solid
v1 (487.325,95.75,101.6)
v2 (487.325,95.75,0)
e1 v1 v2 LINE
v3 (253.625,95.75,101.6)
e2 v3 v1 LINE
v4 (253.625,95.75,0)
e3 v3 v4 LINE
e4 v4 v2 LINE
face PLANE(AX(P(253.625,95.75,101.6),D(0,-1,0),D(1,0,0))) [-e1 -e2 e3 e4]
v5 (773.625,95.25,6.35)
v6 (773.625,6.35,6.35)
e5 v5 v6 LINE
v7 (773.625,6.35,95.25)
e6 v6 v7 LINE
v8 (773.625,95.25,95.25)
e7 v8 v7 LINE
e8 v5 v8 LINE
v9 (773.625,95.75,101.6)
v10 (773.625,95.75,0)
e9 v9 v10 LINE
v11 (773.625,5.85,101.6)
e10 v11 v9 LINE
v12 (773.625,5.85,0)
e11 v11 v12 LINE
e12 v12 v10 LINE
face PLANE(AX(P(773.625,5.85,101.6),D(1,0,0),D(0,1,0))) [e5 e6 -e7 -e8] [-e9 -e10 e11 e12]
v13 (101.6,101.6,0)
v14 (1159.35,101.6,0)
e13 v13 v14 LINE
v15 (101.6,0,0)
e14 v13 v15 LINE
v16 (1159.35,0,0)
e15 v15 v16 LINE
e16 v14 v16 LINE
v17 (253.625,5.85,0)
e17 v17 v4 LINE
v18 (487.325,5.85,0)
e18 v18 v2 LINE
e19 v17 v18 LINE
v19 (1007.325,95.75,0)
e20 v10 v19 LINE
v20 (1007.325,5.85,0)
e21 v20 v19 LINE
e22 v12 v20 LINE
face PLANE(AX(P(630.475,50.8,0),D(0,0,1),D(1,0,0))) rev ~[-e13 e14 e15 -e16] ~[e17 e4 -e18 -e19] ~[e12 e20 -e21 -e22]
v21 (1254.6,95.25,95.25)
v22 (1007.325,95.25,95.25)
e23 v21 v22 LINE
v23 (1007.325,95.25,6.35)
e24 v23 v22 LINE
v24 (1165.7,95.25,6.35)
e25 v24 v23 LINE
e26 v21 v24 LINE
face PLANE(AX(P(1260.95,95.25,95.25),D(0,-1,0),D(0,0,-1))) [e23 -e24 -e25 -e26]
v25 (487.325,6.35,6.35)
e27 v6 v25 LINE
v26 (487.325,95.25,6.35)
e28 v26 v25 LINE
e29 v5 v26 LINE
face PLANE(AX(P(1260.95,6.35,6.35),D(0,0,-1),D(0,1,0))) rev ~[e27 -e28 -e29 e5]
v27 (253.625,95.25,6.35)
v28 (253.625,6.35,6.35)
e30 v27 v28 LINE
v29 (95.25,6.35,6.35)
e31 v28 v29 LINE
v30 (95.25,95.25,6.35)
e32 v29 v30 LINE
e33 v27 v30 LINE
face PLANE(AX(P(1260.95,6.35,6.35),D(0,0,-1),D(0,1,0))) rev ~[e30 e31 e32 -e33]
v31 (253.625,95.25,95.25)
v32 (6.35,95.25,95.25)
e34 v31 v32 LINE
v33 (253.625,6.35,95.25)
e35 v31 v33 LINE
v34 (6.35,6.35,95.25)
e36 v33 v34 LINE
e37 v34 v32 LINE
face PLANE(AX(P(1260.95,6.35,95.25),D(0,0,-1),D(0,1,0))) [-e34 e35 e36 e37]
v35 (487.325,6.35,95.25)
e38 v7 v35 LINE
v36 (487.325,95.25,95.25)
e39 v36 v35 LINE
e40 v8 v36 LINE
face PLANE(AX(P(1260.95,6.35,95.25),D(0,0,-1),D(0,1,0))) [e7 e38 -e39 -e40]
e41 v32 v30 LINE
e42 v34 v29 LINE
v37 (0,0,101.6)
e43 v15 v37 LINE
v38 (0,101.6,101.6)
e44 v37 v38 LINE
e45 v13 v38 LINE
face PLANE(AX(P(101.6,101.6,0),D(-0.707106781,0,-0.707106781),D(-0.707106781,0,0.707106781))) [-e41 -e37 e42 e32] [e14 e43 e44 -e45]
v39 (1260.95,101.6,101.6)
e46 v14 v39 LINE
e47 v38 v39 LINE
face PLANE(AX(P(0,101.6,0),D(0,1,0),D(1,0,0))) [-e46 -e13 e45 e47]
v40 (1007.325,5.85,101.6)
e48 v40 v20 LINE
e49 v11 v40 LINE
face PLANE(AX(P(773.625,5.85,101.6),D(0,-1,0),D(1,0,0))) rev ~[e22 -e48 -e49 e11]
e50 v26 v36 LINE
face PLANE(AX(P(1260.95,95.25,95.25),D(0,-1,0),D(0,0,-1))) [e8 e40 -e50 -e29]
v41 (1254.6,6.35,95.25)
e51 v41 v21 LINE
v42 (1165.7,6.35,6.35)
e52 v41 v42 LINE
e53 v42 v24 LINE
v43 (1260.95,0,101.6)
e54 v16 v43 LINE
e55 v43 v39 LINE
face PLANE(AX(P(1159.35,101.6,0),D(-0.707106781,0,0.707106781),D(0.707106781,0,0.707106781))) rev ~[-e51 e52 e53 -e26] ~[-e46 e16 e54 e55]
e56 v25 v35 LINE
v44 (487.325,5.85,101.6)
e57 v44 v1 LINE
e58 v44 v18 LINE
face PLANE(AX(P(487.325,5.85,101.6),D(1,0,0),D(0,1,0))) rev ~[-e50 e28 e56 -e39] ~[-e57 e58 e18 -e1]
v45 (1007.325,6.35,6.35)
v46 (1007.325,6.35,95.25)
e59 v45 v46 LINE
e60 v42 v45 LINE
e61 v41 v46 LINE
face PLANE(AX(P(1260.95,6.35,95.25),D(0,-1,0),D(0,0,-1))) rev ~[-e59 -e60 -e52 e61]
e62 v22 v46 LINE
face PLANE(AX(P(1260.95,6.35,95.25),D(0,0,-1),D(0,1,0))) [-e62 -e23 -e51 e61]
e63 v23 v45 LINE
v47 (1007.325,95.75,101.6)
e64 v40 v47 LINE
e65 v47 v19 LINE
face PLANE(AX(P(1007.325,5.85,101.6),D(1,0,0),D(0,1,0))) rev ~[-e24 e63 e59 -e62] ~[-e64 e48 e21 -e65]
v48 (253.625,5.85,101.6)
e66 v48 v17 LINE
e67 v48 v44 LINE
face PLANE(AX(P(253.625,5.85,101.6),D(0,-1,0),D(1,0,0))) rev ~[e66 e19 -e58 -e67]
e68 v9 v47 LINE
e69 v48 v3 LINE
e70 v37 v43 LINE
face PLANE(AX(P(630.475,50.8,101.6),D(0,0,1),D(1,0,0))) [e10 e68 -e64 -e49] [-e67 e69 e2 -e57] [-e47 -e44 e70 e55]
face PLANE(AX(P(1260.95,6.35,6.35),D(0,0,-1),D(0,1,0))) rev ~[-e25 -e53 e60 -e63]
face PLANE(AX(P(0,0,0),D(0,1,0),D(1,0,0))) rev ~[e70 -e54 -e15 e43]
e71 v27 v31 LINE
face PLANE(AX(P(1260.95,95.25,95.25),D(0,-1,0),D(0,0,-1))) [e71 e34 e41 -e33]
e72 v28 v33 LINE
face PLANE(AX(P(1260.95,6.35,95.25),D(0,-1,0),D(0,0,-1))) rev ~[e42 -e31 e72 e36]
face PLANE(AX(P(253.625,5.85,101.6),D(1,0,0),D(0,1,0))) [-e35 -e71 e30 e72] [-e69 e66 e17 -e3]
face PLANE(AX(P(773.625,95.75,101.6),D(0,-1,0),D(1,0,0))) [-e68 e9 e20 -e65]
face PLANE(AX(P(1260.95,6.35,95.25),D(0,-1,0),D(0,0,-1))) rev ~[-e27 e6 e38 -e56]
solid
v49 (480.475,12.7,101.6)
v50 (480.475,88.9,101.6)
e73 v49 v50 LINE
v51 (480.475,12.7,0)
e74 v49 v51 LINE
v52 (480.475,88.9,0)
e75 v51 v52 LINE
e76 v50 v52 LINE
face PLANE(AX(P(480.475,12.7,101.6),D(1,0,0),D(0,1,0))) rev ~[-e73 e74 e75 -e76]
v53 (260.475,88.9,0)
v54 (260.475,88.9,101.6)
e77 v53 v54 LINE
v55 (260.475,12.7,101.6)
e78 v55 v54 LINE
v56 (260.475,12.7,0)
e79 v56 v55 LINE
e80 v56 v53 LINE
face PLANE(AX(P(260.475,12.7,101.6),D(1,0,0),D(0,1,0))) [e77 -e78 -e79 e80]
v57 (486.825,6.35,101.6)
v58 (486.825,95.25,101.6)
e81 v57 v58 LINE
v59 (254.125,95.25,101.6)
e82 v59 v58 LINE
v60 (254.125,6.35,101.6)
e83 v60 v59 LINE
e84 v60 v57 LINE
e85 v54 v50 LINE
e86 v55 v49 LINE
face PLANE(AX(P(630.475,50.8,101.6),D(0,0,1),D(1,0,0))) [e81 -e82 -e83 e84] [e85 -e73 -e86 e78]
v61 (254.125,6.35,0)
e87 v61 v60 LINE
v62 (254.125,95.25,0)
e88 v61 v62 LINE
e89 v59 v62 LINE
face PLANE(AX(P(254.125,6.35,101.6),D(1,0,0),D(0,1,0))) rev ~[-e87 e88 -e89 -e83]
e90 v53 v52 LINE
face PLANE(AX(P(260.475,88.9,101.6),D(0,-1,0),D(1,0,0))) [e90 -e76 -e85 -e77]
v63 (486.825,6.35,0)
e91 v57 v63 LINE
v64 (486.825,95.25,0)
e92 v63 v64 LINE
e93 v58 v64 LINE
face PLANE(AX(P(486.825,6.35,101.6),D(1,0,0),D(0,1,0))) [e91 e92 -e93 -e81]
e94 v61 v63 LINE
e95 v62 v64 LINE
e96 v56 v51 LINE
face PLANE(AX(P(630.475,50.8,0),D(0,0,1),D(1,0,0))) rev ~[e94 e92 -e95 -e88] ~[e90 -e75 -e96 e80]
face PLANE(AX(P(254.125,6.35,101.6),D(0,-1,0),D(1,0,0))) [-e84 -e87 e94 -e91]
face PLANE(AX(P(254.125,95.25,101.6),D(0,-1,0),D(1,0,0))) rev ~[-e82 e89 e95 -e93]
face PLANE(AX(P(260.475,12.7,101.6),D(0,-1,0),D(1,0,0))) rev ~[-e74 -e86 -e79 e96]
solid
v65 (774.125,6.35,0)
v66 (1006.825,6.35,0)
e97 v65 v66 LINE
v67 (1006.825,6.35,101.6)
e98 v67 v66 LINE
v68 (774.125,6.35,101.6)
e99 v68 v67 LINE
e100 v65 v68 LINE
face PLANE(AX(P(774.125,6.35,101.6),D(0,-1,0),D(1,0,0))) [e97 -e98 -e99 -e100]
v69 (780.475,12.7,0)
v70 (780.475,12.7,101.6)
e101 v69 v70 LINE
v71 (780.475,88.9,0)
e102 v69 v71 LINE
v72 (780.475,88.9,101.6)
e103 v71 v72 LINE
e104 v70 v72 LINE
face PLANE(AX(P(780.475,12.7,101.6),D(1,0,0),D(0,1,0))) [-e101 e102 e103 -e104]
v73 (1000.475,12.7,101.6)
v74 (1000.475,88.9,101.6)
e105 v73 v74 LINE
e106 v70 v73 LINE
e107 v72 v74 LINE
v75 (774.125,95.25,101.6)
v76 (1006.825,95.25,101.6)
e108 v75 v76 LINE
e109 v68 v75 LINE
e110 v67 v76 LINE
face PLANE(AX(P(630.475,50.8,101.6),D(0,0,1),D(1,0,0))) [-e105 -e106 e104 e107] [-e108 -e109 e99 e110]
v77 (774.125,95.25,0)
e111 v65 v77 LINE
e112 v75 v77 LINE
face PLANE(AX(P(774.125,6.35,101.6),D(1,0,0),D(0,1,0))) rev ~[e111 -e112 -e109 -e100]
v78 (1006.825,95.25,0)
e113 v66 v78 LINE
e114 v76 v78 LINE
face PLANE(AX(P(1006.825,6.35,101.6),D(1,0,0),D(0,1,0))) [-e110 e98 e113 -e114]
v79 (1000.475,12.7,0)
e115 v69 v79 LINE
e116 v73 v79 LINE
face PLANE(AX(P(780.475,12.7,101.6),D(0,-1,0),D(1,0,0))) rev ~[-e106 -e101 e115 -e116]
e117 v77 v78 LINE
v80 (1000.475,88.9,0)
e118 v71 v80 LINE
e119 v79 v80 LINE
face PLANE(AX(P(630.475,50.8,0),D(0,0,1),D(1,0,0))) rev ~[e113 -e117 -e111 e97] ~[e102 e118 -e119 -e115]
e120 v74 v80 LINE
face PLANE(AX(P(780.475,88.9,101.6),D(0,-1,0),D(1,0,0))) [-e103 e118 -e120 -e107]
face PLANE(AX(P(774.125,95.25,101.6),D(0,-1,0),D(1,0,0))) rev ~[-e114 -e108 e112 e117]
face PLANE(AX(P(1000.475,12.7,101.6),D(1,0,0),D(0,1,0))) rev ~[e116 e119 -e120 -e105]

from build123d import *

# Parameters (mm, degrees)
CROQUIS1_W              = 1260.95
CROQUIS1_H              = 101.6
SALIENTE_EXTRUIR1_DEPTH = 101.6
CROQUIS5_W              = 88.9
CROQUIS5_H              = 88.9
CORTAR_EXTRUIR4_DEPTH   = 1260.95
CORTAR_EXTRUIR5_DEPTH   = 101.6
CORTAR_EXTRUIR6_REACH   = 1271.11
CROQUIS7_W              = 220
CROQUIS7_H              = 76.2
CROQUIS8_W              = 232.7
CROQUIS8_H              = 88.9
CROQUIS8_W_2            = 220
CROQUIS8_H_2            = 76.2
SALIENTE_EXTRUIR2_DEPTH = 101.6
CORTAR_EXTRUIR7_REACH   = 1271.11
CROQUIS9_W              = 233.7
CROQUIS9_H              = 89.9
CROQUIS9_W_2            = 232.7
CROQUIS9_H_2            = 88.9


with BuildPart() as part:
    # Croquis1 → Saliente-Extruir1 (new body)
    with BuildSketch(Plane.XY):
        with Locations((630.475, 50.8)):
            Rectangle(CROQUIS1_W, CROQUIS1_H)
    extrude(amount=SALIENTE_EXTRUIR1_DEPTH)

    # Croquis5 → Cortar-Extruir4 (cut)
    with BuildSketch(Plane(origin=(1260.95, 0, 0), x_dir=(0, 0, -1), z_dir=(1, 0, 0))):
        with Locations((-50.8, 50.8)):
            Rectangle(CROQUIS5_W, CROQUIS5_H)
    extrude(amount=-CORTAR_EXTRUIR4_DEPTH, mode=Mode.SUBTRACT)

    # Croquis6 → Cortar-Extruir5 (cut)
    with BuildSketch(Plane(origin=(0, 101.6, 0), x_dir=(1, 0, 0), z_dir=(0, 1, 0))):
        Polygon((0, 0), (101.6, 0), (0, -101.6), align=None)
        Polygon((1260.95, -101.6), (1260.95, 0), (1159.35, 0), align=None)
    extrude(amount=-CORTAR_EXTRUIR5_DEPTH, mode=Mode.SUBTRACT)

    # Cortar-Extruir6: up to this face of the body (flat: up to its plane)
    cortar_extruir6_end = Plane(part.part.faces().sort_by_distance((630.475, 50.8, 0))[0])
    # Croquis7 → Cortar-Extruir6 (cut, up to the picked face)
    with BuildSketch(Plane.XY.offset(101.6), mode=Mode.PRIVATE) as cortar_extruir6_sk1:
        with Locations((370.475, 50.8)):
            Rectangle(CROQUIS7_W, CROQUIS7_H)
    cortar_extruir6_tool1 = split(extrude(cortar_extruir6_sk1.sketch, amount=-CORTAR_EXTRUIR6_REACH, mode=Mode.PRIVATE), bisect_by=cortar_extruir6_end, keep=Keep.BOTH, mode=Mode.PRIVATE)
    # Croquis7 → Cortar-Extruir6 (cut, up to the picked face)
    with BuildSketch(Plane.XY.offset(101.6), mode=Mode.PRIVATE) as cortar_extruir6_sk2:
        with Locations((890.475, 50.8)):
            Rectangle(CROQUIS7_W, CROQUIS7_H)
    cortar_extruir6_tool2 = split(extrude(cortar_extruir6_sk2.sketch, amount=-CORTAR_EXTRUIR6_REACH, mode=Mode.PRIVATE), bisect_by=cortar_extruir6_end, keep=Keep.BOTH, mode=Mode.PRIVATE)
    add(cortar_extruir6_tool1.solids().sort_by(Axis((370.475, 50.8, 101.6), (0, 0, -1)))[0], mode=Mode.SUBTRACT)
    add(cortar_extruir6_tool2.solids().sort_by(Axis((890.475, 50.8, 101.6), (0, 0, -1)))[0], mode=Mode.SUBTRACT)

    # Croquis8 → Saliente-Extruir2 (add)
    # profile 1 of 2: a face of its own
    with BuildSketch(Plane.XY.offset(101.6)):
        with Locations((370.475, 50.8)):
            Rectangle(CROQUIS8_W, CROQUIS8_H)
        with Locations((370.475, 50.8)):
            Rectangle(CROQUIS8_W_2, CROQUIS8_H_2, mode=Mode.SUBTRACT)
    # profile 2 of 2: a face of its own
    with BuildSketch(Plane.XY.offset(101.6)):
        with Locations((890.475, 50.8)):
            Rectangle(CROQUIS8_W, CROQUIS8_H)
        with Locations((890.475, 50.8)):
            Rectangle(CROQUIS8_W_2, CROQUIS8_H_2, mode=Mode.SUBTRACT)
    extrude(amount=-SALIENTE_EXTRUIR2_DEPTH)

    # Cortar-Extruir7: up to this face of the body (flat: up to its plane)
    cortar_extruir7_end = Plane(part.part.faces().sort_by_distance((630.475, 50.8, 0))[0])
    # Croquis9 → Cortar-Extruir7 (cut, up to the picked face)
    with BuildSketch(Plane.XY.offset(101.6), mode=Mode.PRIVATE) as cortar_extruir7_sk1:
        with Locations((370.475, 50.8)):
            Rectangle(CROQUIS9_W, CROQUIS9_H)
        with Locations((370.475, 50.8)):
            Rectangle(CROQUIS9_W_2, CROQUIS9_H_2, mode=Mode.SUBTRACT)
    cortar_extruir7_tool1 = split(extrude(cortar_extruir7_sk1.sketch, amount=-CORTAR_EXTRUIR7_REACH, mode=Mode.PRIVATE), bisect_by=cortar_extruir7_end, keep=Keep.BOTH, mode=Mode.PRIVATE)
    # Croquis9 → Cortar-Extruir7 (cut, up to the picked face)
    with BuildSketch(Plane.XY.offset(101.6), mode=Mode.PRIVATE) as cortar_extruir7_sk2:
        with Locations((890.475, 50.8)):
            Rectangle(CROQUIS9_W, CROQUIS9_H)
        with Locations((890.475, 50.8)):
            Rectangle(CROQUIS9_W_2, CROQUIS9_H_2, mode=Mode.SUBTRACT)
    cortar_extruir7_tool2 = split(extrude(cortar_extruir7_sk2.sketch, amount=-CORTAR_EXTRUIR7_REACH, mode=Mode.PRIVATE), bisect_by=cortar_extruir7_end, keep=Keep.BOTH, mode=Mode.PRIVATE)
    add(cortar_extruir7_tool1.solids().sort_by(Axis((370.475, 6.100395, 101.6), (0, 0, -1)))[0], mode=Mode.SUBTRACT)
    add(cortar_extruir7_tool2.solids().sort_by(Axis((1007.074605, 50.8, 101.6), (0, 0, -1)))[0], mode=Mode.SUBTRACT)


with BuildPart() as cortar_extruir7_piece_1:
    # of the separate pieces the step leaves, piece 1, a body of its own (cortar_extruir7_pieces)
    add(part.part.solids().sort_by_distance((101.6, 0, 0))[0])


with BuildPart() as cortar_extruir7_piece_2:
    # of the separate pieces the step leaves, piece 2, a body of its own (cortar_extruir7_pieces)
    add(part.part.solids().sort_by_distance((486.825, 95.25, 0))[0])


with BuildPart() as cortar_extruir7_piece_3:
    # of the separate pieces the step leaves, piece 3, a body of its own (cortar_extruir7_pieces)
    add(part.part.solids().sort_by_distance((1006.825, 95.25, 0))[0])


solid = Compound([cortar_extruir7_piece_1.part, cortar_extruir7_piece_2.part, cortar_extruir7_piece_3.part])
